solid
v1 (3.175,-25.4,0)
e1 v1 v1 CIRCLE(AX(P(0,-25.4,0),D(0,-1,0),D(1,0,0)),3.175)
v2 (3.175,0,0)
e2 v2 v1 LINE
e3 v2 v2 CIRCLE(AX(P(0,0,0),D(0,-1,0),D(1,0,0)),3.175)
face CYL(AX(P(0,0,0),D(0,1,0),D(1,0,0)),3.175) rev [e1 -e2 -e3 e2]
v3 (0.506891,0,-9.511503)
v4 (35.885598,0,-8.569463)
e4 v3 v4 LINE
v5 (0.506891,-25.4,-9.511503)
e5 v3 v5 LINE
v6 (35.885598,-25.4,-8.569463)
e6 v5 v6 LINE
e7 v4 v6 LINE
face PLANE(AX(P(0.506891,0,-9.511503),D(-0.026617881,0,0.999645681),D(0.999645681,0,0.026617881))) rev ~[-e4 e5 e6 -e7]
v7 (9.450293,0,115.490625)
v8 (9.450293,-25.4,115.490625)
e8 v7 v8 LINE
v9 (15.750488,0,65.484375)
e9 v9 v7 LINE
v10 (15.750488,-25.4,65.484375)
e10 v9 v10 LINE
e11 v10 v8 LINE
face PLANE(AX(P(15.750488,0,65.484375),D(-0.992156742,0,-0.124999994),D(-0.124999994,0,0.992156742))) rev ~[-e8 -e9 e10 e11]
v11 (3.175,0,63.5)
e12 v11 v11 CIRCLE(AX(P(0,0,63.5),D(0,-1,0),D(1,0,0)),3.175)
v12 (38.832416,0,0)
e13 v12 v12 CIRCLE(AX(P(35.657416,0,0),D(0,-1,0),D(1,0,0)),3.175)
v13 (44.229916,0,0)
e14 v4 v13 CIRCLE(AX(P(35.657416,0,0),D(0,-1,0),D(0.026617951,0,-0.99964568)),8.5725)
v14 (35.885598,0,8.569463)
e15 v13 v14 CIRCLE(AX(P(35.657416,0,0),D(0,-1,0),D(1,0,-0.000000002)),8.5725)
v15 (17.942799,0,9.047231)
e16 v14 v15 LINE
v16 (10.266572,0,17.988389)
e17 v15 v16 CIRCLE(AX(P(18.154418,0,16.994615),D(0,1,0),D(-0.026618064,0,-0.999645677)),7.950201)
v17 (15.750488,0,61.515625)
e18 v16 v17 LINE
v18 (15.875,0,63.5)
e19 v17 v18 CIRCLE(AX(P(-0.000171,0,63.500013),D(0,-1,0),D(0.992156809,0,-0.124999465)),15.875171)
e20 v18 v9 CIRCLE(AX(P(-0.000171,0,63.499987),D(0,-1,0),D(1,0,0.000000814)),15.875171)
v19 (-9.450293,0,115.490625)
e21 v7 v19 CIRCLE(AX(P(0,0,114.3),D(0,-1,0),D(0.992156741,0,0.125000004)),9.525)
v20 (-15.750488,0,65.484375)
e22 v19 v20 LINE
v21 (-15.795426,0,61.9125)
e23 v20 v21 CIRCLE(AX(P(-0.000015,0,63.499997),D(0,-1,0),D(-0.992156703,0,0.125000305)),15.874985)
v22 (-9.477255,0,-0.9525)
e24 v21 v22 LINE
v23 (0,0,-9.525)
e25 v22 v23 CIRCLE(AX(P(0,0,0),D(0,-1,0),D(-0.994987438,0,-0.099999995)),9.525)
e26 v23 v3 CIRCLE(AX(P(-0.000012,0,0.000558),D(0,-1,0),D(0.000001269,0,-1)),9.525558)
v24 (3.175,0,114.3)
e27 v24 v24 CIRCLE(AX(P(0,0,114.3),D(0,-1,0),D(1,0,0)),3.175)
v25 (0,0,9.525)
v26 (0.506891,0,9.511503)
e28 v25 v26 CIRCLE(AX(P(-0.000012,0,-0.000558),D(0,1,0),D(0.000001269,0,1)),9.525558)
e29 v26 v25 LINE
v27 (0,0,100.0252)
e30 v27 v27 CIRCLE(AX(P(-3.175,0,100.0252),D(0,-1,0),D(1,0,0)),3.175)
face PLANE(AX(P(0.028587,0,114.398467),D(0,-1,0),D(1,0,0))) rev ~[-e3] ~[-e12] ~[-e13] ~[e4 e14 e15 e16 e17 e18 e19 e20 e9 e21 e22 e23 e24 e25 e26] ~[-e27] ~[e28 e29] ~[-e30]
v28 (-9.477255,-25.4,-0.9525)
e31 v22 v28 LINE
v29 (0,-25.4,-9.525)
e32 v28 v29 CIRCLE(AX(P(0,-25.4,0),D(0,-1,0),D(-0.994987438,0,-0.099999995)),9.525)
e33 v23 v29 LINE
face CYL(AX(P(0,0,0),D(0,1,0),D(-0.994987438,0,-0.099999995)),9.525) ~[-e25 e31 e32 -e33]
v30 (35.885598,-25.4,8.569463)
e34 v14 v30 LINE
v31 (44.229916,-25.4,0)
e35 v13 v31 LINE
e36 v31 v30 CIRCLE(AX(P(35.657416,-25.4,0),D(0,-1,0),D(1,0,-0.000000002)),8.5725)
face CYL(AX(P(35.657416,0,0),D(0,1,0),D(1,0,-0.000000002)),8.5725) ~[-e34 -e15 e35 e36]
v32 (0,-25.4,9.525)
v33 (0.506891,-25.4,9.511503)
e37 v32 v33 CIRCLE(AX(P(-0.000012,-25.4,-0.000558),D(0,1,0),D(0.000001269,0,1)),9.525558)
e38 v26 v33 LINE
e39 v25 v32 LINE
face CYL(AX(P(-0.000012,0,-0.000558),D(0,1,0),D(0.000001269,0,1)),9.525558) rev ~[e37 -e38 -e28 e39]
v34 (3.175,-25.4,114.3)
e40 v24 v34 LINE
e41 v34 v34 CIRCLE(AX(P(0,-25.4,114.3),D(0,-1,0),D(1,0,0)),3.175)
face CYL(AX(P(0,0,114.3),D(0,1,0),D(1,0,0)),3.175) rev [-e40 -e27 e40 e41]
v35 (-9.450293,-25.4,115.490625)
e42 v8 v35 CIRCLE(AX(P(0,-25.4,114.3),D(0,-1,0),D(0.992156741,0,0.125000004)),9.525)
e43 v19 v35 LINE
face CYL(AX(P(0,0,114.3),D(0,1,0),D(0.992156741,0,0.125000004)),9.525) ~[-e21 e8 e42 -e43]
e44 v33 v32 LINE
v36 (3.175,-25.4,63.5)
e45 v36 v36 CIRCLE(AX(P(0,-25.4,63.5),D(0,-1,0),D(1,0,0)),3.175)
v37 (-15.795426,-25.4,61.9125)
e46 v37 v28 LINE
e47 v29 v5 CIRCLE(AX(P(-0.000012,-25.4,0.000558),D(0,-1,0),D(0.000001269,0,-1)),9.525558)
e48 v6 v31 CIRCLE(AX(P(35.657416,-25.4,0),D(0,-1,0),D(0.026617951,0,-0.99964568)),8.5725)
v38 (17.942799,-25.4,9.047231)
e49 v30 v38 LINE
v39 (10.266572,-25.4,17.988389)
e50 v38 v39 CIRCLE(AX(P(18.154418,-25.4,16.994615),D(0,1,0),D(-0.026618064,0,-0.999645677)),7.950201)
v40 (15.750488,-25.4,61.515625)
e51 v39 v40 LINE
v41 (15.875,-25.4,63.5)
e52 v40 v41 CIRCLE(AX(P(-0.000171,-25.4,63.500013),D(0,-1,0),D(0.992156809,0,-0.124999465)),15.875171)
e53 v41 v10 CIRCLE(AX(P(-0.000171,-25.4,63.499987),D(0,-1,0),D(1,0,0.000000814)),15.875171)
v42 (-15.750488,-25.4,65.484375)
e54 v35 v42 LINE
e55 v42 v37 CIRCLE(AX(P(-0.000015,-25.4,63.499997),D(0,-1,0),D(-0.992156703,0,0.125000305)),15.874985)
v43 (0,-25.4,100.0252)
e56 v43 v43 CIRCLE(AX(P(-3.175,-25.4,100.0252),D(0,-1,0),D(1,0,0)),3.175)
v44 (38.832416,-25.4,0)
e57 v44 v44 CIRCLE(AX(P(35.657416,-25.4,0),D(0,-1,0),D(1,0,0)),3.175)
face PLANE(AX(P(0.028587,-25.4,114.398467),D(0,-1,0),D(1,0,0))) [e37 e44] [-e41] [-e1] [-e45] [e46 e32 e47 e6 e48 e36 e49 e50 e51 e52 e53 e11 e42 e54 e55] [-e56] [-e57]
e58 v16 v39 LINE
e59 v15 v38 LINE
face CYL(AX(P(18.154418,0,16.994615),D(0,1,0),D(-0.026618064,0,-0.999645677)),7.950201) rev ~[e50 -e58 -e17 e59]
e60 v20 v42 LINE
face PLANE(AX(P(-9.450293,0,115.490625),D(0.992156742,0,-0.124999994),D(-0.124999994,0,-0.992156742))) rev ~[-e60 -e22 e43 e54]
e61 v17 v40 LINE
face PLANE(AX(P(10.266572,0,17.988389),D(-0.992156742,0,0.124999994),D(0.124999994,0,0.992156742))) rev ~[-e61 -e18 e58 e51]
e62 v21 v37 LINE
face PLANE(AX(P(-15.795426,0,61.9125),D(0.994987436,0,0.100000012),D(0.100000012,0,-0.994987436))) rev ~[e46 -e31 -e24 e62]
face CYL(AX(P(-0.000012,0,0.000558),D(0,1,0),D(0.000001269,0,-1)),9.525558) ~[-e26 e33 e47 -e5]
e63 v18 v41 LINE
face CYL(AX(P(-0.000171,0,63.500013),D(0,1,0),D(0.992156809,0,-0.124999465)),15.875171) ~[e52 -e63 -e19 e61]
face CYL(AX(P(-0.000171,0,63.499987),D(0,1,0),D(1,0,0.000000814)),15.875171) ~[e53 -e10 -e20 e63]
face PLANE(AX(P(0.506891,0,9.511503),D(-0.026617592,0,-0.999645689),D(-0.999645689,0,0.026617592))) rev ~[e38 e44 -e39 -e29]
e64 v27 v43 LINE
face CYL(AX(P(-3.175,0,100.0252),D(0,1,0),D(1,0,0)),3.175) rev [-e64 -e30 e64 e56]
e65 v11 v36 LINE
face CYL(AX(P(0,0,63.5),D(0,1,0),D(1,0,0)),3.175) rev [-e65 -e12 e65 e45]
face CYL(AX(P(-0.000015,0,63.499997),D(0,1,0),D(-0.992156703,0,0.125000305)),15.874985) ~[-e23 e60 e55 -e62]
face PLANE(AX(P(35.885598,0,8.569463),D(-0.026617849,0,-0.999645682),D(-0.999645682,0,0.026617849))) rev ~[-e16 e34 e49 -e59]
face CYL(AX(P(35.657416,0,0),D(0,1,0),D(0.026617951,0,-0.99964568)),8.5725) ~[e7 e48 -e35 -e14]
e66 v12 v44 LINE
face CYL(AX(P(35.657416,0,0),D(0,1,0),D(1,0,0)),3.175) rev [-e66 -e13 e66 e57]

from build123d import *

# Parameters (mm, degrees)
F0_R     = 3.175
F1_DEPTH = 25.4
F2_DEPTH = 25.4


with BuildPart() as f1:
    # F0 (on Front) → F1 (new body)
    with BuildSketch(Plane.XZ):
        with BuildLine():
            ThreePointArc((-9.450293, 115.490625), (-0.596483, 104.793695), (9.525, 114.3))
            ThreePointArc((9.525, 114.3), (9.506305, 114.896483), (9.450293, 115.490625))
            ThreePointArc((9.450293, 115.490625), (0, 123.825), (-9.450293, 115.490625))
        make_face()
        with Locations((0, 114.3)):
            Circle(F0_R, mode=Mode.SUBTRACT)
        with BuildLine():
            ThreePointArc((9.450293, 115.490625), (9.506305, 114.896483), (9.525, 114.3))
            ThreePointArc((9.525, 114.3), (-0.596483, 104.793695), (-9.450293, 115.490625))
            Line((-9.450293, 115.490625), (-15.750488, 65.484375))
            ThreePointArc((-15.750488, 65.484375), (0, 79.375), (15.750488, 65.484375))
            Line((15.750488, 65.484375), (9.450293, 115.490625))
        make_face()
        with Locations((-3.175, 100.0252)):
            Circle(F0_R, mode=Mode.SUBTRACT)
        with BuildLine():
            ThreePointArc((15.875, 63.5), (15.843841, 64.494139), (15.750488, 65.484375))
            ThreePointArc((15.750488, 65.484375), (0, 79.375), (-15.750488, 65.484375))
            ThreePointArc((-15.750488, 65.484375), (-15.873744, 63.699705), (-15.795426, 61.9125))
            ThreePointArc((-15.795426, 61.9125), (-0.199705, 47.626256), (15.750488, 61.515625))
            ThreePointArc((15.750488, 61.515625), (15.843841, 62.505861), (15.875, 63.5))
        make_face()
        with Locations((0, 63.5)):
            Circle(F0_R, mode=Mode.SUBTRACT)
        with BuildLine():
            ThreePointArc((15.750488, 61.515625), (-0.199705, 47.626256), (-15.795426, 61.9125))
            Line((-15.795426, 61.9125), (-9.477255, -0.9525))
            ThreePointArc((-9.477255, -0.9525), (-7.063929, 6.389564), (0, 9.525))
            ThreePointArc((0, 9.525), (0.253535, 9.521625), (0.506891, 9.511503))
            ThreePointArc((0.506891, 9.511503), (6.912082, 6.553529), (9.525, 0))
            ThreePointArc((9.525, 0), (6.912082, -6.553529), (0.506891, -9.511503))
            Line((0.506891, -9.511503), (35.885598, -8.569463))
            ThreePointArc((35.885598, -8.569463), (27.084916, 0), (35.885598, 8.569463))
            Line((35.885598, 8.569463), (17.942799, 9.047231))
            ThreePointArc((17.942799, 9.047231), (12.122303, 11.815881), (10.266572, 17.988389))
            Line((10.266572, 17.988389), (15.750488, 61.515625))
        make_face()
        with BuildLine():
            ThreePointArc((0, 9.525), (-7.063929, 6.389564), (-9.477255, -0.9525))
            ThreePointArc((-9.477255, -0.9525), (-6.389564, -7.063929), (0, -9.525))
            Line((0, -9.525), (0.506891, -9.511503))
            ThreePointArc((0.506891, -9.511503), (6.912082, -6.553529), (9.525, 0))
            ThreePointArc((9.525, 0), (6.912082, 6.553529), (0.506891, 9.511503))
            Line((0.506891, 9.511503), (0, 9.525))
        make_face()
        Circle(F0_R, mode=Mode.SUBTRACT)
        with BuildLine():
            Line((0.506891, -9.511503), (0, -9.525))
            ThreePointArc((0, -9.525), (0.253535, -9.521625), (0.506891, -9.511503))
        make_face()
        with BuildLine():
            ThreePointArc((44.229916, 0), (41.799234, 5.980454), (35.885598, 8.569463))
            ThreePointArc((35.885598, 8.569463), (27.084916, 0), (35.885598, -8.569463))
            ThreePointArc((35.885598, -8.569463), (41.799234, -5.980454), (44.229916, 0))
        make_face()
        with Locations((35.657416, 0)):
            Circle(F0_R, mode=Mode.SUBTRACT)
    extrude(amount=F1_DEPTH)

    # F0 (on Front) → F2 (join)
    with BuildSketch(Plane.XZ):
        with BuildLine():
            ThreePointArc((-9.450293, 115.490625), (-0.596483, 104.793695), (9.525, 114.3))
            ThreePointArc((9.525, 114.3), (9.506305, 114.896483), (9.450293, 115.490625))
            ThreePointArc((9.450293, 115.490625), (0, 123.825), (-9.450293, 115.490625))
        make_face()
        with Locations((0, 114.3)):
            Circle(F0_R, mode=Mode.SUBTRACT)
        with BuildLine():
            ThreePointArc((9.450293, 115.490625), (9.506305, 114.896483), (9.525, 114.3))
            ThreePointArc((9.525, 114.3), (-0.596483, 104.793695), (-9.450293, 115.490625))
            Line((-9.450293, 115.490625), (-15.750488, 65.484375))
            ThreePointArc((-15.750488, 65.484375), (0, 79.375), (15.750488, 65.484375))
            Line((15.750488, 65.484375), (9.450293, 115.490625))
        make_face()
        with Locations((-3.175, 100.0252)):
            Circle(F0_R, mode=Mode.SUBTRACT)
        with BuildLine():
            ThreePointArc((15.875, 63.5), (15.843841, 64.494139), (15.750488, 65.484375))
            ThreePointArc((15.750488, 65.484375), (0, 79.375), (-15.750488, 65.484375))
            ThreePointArc((-15.750488, 65.484375), (-15.873744, 63.699705), (-15.795426, 61.9125))
            ThreePointArc((-15.795426, 61.9125), (-0.199705, 47.626256), (15.750488, 61.515625))
            ThreePointArc((15.750488, 61.515625), (15.843841, 62.505861), (15.875, 63.5))
        make_face()
        with Locations((0, 63.5)):
            Circle(F0_R, mode=Mode.SUBTRACT)
        with BuildLine():
            ThreePointArc((15.750488, 61.515625), (-0.199705, 47.626256), (-15.795426, 61.9125))
            Line((-15.795426, 61.9125), (-9.477255, -0.9525))
            ThreePointArc((-9.477255, -0.9525), (-7.063929, 6.389564), (0, 9.525))
            ThreePointArc((0, 9.525), (0.253535, 9.521625), (0.506891, 9.511503))
            ThreePointArc((0.506891, 9.511503), (6.912082, 6.553529), (9.525, 0))
            ThreePointArc((9.525, 0), (6.912082, -6.553529), (0.506891, -9.511503))
            Line((0.506891, -9.511503), (35.885598, -8.569463))
            ThreePointArc((35.885598, -8.569463), (27.084916, 0), (35.885598, 8.569463))
            Line((35.885598, 8.569463), (17.942799, 9.047231))
            ThreePointArc((17.942799, 9.047231), (12.122303, 11.815881), (10.266572, 17.988389))
            Line((10.266572, 17.988389), (15.750488, 61.515625))
        make_face()
        with BuildLine():
            ThreePointArc((0, 9.525), (-7.063929, 6.389564), (-9.477255, -0.9525))
            ThreePointArc((-9.477255, -0.9525), (-6.389564, -7.063929), (0, -9.525))
            Line((0, -9.525), (0.506891, -9.511503))
            ThreePointArc((0.506891, -9.511503), (6.912082, -6.553529), (9.525, 0))
            ThreePointArc((9.525, 0), (6.912082, 6.553529), (0.506891, 9.511503))
            Line((0.506891, 9.511503), (0, 9.525))
        make_face()
        Circle(F0_R, mode=Mode.SUBTRACT)
        with BuildLine():
            Line((0.506891, -9.511503), (0, -9.525))
            ThreePointArc((0, -9.525), (0.253535, -9.521625), (0.506891, -9.511503))
        make_face()
        with BuildLine():
            ThreePointArc((44.229916, 0), (41.799234, 5.980454), (35.885598, 8.569463))
            ThreePointArc((35.885598, 8.569463), (27.084916, 0), (35.885598, -8.569463))
            ThreePointArc((35.885598, -8.569463), (41.799234, -5.980454), (44.229916, 0))
        make_face()
        with Locations((35.657416, 0)):
            Circle(F0_R, mode=Mode.SUBTRACT)
    extrude(amount=F2_DEPTH)


solid = f1.part
